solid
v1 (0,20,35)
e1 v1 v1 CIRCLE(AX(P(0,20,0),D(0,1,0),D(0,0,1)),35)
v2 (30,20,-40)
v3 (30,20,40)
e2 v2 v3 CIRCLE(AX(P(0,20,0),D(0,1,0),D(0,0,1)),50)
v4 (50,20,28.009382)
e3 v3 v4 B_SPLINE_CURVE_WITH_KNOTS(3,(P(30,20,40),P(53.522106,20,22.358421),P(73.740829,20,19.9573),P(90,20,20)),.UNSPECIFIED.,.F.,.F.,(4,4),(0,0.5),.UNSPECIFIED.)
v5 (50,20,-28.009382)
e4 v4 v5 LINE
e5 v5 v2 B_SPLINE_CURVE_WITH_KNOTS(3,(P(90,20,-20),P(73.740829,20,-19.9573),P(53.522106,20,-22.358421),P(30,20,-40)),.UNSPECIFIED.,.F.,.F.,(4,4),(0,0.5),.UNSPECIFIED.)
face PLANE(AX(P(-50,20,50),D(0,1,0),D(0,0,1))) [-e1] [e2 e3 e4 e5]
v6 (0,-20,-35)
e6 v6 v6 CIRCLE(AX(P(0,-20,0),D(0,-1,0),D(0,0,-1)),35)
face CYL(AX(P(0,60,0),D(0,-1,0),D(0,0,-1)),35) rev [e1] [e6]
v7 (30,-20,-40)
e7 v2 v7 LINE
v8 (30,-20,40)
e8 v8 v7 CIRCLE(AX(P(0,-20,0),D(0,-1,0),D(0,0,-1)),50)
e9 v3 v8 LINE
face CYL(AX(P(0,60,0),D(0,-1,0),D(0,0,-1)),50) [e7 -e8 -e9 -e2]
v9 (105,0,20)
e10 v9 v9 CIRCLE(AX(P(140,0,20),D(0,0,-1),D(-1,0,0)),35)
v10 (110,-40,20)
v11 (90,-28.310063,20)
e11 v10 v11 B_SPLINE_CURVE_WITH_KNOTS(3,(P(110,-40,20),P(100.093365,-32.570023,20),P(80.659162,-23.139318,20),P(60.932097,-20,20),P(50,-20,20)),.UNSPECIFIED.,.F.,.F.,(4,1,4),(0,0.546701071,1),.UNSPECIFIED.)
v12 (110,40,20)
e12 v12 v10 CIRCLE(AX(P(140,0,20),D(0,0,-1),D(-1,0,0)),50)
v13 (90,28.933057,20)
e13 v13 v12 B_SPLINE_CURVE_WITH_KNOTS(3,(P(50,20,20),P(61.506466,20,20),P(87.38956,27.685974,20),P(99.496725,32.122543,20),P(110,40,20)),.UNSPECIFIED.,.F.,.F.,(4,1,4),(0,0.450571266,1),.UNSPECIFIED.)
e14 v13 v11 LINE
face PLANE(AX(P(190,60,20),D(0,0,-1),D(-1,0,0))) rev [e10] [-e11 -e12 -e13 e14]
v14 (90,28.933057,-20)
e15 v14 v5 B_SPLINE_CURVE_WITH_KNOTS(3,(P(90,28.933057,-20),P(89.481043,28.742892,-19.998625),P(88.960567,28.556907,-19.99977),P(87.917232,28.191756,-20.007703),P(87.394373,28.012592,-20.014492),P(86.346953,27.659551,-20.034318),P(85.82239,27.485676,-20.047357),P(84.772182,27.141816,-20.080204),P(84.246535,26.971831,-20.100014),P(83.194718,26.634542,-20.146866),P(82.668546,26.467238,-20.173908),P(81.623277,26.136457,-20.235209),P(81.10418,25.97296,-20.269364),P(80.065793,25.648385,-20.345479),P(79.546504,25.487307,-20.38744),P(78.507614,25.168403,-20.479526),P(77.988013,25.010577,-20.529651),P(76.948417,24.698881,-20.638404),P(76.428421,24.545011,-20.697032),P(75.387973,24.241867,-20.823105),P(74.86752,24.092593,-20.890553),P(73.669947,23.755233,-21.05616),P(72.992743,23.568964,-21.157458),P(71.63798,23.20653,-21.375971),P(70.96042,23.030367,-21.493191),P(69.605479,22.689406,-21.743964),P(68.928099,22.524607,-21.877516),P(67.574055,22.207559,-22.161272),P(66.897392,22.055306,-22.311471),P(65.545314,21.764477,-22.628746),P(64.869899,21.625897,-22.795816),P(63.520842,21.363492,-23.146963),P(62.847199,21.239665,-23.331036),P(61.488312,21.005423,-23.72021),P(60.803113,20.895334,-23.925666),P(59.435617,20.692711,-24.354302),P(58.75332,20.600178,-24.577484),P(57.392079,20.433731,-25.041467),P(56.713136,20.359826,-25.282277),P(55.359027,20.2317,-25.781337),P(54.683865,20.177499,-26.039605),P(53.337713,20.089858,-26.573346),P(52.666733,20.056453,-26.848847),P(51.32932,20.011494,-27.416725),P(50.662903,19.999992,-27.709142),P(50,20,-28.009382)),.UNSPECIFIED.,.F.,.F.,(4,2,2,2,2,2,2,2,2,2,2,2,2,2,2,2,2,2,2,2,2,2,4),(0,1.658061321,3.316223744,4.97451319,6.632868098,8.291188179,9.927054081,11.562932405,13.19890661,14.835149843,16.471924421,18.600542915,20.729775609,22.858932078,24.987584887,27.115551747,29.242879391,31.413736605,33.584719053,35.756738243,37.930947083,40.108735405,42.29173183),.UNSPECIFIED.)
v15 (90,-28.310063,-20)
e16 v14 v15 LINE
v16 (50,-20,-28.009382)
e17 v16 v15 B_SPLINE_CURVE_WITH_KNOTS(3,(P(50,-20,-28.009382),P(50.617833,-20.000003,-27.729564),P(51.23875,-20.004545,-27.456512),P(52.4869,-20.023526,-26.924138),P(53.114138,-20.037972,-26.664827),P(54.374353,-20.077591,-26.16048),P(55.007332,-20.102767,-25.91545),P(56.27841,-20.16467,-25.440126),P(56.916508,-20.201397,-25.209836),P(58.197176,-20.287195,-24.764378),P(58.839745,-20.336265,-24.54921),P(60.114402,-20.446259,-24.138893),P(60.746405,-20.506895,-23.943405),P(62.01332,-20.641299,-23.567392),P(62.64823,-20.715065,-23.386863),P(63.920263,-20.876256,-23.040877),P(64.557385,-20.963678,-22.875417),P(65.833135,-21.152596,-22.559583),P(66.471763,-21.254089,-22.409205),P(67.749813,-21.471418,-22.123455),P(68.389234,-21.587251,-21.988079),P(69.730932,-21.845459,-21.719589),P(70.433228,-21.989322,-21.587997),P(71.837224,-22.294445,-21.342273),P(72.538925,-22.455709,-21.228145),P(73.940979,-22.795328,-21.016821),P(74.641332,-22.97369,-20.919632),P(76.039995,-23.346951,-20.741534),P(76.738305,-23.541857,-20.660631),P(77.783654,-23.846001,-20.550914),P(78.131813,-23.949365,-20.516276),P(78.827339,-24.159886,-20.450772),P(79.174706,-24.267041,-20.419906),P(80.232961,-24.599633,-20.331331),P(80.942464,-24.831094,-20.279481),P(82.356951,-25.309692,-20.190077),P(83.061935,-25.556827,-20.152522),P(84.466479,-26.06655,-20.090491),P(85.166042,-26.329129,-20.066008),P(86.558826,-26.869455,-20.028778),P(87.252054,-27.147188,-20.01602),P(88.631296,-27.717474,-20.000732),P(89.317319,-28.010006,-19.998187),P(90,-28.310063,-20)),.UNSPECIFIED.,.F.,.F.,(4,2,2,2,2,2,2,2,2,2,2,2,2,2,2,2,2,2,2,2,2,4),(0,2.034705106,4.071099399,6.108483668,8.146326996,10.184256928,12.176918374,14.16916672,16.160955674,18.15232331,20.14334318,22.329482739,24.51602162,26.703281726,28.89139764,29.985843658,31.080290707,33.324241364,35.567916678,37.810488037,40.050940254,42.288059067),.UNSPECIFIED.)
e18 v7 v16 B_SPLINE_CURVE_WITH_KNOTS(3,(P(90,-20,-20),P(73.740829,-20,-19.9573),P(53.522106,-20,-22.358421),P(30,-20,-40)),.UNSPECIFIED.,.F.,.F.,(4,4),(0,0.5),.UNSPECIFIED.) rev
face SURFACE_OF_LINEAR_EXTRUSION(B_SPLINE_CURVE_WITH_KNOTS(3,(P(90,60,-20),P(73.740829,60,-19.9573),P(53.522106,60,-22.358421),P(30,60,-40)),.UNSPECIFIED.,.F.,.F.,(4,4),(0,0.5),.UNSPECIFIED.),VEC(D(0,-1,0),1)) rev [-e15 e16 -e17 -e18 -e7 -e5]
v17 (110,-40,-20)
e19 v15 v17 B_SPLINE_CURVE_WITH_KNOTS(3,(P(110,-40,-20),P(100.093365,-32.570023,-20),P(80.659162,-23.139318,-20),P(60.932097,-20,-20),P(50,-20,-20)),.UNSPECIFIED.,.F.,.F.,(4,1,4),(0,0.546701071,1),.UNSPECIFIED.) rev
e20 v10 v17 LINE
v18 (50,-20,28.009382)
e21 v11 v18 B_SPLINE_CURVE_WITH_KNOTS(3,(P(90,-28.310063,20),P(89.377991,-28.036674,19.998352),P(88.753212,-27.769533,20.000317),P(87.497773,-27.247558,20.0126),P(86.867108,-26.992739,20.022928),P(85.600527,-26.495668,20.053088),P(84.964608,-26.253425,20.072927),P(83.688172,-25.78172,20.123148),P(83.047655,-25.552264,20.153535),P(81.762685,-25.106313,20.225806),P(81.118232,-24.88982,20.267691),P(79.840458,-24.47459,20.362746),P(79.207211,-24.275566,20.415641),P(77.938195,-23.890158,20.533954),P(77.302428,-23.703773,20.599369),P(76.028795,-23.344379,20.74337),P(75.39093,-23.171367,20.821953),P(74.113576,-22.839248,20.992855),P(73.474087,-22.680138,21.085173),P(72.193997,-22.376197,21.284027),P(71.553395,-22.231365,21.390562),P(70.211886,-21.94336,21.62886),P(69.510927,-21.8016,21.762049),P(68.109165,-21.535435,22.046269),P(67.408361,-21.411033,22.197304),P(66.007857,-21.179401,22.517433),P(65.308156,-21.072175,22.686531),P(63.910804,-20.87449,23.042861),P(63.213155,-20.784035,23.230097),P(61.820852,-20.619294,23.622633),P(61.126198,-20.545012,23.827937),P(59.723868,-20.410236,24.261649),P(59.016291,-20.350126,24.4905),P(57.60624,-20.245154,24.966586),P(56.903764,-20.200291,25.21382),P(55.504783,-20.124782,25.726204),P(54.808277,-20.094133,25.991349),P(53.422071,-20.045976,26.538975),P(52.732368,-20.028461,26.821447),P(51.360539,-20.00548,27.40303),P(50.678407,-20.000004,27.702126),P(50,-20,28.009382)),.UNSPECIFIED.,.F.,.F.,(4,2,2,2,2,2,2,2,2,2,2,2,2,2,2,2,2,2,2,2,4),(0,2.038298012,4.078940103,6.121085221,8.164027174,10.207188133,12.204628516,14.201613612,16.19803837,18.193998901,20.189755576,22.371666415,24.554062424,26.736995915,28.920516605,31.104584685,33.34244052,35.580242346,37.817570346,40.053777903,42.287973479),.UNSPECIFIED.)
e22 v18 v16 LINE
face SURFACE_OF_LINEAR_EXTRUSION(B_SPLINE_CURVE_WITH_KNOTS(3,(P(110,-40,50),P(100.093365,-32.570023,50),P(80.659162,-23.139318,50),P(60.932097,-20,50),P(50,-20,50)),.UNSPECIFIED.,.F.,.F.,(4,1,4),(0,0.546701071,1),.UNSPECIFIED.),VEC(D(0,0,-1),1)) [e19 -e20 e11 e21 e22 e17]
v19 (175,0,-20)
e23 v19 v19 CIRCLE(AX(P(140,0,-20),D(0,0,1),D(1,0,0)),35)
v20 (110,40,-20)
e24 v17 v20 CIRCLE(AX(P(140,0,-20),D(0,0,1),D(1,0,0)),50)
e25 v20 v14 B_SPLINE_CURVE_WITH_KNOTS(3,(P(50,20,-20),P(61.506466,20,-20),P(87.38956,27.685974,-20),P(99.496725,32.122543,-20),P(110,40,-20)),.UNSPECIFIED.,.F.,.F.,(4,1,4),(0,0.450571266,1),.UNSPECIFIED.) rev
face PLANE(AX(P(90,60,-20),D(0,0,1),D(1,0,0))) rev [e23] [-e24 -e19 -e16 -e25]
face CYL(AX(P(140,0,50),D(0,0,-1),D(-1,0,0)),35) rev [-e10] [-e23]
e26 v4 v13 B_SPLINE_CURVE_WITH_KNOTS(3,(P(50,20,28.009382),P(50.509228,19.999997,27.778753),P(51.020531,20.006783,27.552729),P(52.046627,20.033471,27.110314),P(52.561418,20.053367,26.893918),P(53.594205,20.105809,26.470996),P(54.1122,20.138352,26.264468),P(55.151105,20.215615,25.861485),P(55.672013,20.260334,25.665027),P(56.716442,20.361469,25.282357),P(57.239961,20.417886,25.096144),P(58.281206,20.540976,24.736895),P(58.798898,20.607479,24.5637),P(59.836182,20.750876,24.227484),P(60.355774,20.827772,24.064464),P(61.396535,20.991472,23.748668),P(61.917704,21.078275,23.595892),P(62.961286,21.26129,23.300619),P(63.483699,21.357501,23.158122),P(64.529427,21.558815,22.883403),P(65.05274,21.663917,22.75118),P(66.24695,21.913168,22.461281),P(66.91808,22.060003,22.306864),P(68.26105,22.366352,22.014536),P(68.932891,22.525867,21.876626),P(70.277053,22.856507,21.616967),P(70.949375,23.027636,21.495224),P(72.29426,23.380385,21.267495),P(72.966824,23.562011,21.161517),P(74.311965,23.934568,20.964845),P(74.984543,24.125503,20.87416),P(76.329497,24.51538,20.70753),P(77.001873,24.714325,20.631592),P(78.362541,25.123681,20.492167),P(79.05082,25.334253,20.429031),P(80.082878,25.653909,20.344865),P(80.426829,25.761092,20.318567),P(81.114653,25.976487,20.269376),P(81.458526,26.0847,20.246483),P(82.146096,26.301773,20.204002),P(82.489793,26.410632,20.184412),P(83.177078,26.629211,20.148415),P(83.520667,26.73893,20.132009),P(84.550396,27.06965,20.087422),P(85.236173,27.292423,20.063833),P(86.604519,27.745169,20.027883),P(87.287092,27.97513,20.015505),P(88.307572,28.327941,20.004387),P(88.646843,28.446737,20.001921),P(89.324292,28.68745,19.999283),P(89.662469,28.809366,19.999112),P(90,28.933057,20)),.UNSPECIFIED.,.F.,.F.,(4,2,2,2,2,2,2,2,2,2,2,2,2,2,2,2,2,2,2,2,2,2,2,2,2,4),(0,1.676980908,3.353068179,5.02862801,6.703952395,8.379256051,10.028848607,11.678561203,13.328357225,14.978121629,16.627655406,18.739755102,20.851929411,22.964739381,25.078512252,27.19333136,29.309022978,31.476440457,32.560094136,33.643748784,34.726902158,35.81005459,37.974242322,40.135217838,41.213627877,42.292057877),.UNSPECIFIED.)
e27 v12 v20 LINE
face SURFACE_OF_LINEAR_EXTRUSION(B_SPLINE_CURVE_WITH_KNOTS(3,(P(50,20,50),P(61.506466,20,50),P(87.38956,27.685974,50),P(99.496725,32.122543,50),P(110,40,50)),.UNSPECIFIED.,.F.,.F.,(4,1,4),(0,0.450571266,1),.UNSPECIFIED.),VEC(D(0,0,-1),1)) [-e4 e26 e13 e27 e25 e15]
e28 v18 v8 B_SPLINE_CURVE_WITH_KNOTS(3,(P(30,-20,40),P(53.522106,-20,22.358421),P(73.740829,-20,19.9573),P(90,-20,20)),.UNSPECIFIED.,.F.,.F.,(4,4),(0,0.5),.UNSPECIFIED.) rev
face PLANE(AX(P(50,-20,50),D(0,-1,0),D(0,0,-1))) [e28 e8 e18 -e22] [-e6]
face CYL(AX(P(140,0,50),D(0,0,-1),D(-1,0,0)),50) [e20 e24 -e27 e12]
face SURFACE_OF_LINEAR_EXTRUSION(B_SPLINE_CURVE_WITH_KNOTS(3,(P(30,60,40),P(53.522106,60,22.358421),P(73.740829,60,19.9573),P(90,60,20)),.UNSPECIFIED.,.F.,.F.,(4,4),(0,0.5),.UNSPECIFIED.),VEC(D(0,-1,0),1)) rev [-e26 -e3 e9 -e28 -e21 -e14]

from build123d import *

# Parameters (mm, degrees)
SKETCH1_R               = 35
BOSS_EXTRUDE1_DEPTH     = 60
CUT_EXTRUDE2_DEPTH      = 212.187120971
CUT_EXTRUDE2_DEPTH_BACK = 212.187120971
SKETCH3_OUTSIDE_W       = 299.272
SKETCH3_OUTSIDE_H       = 179.272
SKETCH3_OUTSIDE_R       = 35


with BuildPart() as part:
    # Sketch1 → Boss-Extrude1 (new, symmetric)
    with BuildSketch(Plane(origin=(0, 0, 0), x_dir=(1, 0, 0), z_dir=(0, 1, 0))):
        with BuildLine():
            Line((90, 20), (190, 20))
            Line((190, 20), (190, -20))
            Line((190, -20), (90, -20))
            add(Edge.make_bspline(
                [(30, -40), (53.522105639, -22.358420771), (73.740829121, -19.957299765), (90, -20)],
                knots=[0, 0, 0, 0, 0.5, 0.5, 0.5, 0.5], degree=3))
            ThreePointArc((30, -40), (-50, 0), (30, 40))
            add(Edge.make_bspline(
                [(30, 40), (53.522105639, 22.358420771), (73.740829121, 19.957299765), (90, 20)],
                knots=[0, 0, 0, 0, 0.5, 0.5, 0.5, 0.5], degree=3))
        make_face()
        with Locations(Location((0, 0, 0), (0, 0, 270))):
            Circle(SKETCH1_R, mode=Mode.SUBTRACT)
    extrude(amount=BOSS_EXTRUDE1_DEPTH, both=True)

    # Sketch3 outside → Cut-Extrude2 (cut, two sides: drawn at the far end of the back side and taken through both)
    # profile 1 of 2: a face of its own
    with BuildSketch(Plane(origin=(0, 0, -20), x_dir=(-1, 0, 0), z_dir=(0, 0, -1)).offset(-CUT_EXTRUDE2_DEPTH_BACK)):
        with Locations((-70, 0)):
            Rectangle(SKETCH3_OUTSIDE_W, SKETCH3_OUTSIDE_H)
        with BuildLine():
            Line((-50, -20), (50, -20))
            Line((50, -20), (50, 20))
            Line((50, 20), (-50, 20))
            add(Edge.make_bspline(
                [(-110, 40), (-99.496724582, 32.122543436), (-87.389560029, 27.685973517), (-61.506465559, 20), (-50, 20)],
                knots=[0, 0, 0, 0, 0.549428734, 1, 1, 1, 1], degree=3))
            ThreePointArc((-110, 40), (-190, 0), (-110, -40))
            add(Edge.make_bspline(
                [(-110, -40), (-100.093364528, -32.570023396), (-80.659161516, -23.139318123), (-60.932096988, -20), (-50, -20)],
                knots=[0, 0, 0, 0, 0.546701071, 1, 1, 1, 1], degree=3))
        make_face(mode=Mode.SUBTRACT)
    # profile 2 of 2: a face of its own
    with BuildSketch(Plane(origin=(0, 0, -20), x_dir=(-1, 0, 0), z_dir=(0, 0, -1)).offset(-CUT_EXTRUDE2_DEPTH_BACK)):
        with Locations((-140, 0)):
            Circle(SKETCH3_OUTSIDE_R)
    extrude(amount=CUT_EXTRUDE2_DEPTH + CUT_EXTRUDE2_DEPTH_BACK, mode=Mode.SUBTRACT)


solid = part.part
